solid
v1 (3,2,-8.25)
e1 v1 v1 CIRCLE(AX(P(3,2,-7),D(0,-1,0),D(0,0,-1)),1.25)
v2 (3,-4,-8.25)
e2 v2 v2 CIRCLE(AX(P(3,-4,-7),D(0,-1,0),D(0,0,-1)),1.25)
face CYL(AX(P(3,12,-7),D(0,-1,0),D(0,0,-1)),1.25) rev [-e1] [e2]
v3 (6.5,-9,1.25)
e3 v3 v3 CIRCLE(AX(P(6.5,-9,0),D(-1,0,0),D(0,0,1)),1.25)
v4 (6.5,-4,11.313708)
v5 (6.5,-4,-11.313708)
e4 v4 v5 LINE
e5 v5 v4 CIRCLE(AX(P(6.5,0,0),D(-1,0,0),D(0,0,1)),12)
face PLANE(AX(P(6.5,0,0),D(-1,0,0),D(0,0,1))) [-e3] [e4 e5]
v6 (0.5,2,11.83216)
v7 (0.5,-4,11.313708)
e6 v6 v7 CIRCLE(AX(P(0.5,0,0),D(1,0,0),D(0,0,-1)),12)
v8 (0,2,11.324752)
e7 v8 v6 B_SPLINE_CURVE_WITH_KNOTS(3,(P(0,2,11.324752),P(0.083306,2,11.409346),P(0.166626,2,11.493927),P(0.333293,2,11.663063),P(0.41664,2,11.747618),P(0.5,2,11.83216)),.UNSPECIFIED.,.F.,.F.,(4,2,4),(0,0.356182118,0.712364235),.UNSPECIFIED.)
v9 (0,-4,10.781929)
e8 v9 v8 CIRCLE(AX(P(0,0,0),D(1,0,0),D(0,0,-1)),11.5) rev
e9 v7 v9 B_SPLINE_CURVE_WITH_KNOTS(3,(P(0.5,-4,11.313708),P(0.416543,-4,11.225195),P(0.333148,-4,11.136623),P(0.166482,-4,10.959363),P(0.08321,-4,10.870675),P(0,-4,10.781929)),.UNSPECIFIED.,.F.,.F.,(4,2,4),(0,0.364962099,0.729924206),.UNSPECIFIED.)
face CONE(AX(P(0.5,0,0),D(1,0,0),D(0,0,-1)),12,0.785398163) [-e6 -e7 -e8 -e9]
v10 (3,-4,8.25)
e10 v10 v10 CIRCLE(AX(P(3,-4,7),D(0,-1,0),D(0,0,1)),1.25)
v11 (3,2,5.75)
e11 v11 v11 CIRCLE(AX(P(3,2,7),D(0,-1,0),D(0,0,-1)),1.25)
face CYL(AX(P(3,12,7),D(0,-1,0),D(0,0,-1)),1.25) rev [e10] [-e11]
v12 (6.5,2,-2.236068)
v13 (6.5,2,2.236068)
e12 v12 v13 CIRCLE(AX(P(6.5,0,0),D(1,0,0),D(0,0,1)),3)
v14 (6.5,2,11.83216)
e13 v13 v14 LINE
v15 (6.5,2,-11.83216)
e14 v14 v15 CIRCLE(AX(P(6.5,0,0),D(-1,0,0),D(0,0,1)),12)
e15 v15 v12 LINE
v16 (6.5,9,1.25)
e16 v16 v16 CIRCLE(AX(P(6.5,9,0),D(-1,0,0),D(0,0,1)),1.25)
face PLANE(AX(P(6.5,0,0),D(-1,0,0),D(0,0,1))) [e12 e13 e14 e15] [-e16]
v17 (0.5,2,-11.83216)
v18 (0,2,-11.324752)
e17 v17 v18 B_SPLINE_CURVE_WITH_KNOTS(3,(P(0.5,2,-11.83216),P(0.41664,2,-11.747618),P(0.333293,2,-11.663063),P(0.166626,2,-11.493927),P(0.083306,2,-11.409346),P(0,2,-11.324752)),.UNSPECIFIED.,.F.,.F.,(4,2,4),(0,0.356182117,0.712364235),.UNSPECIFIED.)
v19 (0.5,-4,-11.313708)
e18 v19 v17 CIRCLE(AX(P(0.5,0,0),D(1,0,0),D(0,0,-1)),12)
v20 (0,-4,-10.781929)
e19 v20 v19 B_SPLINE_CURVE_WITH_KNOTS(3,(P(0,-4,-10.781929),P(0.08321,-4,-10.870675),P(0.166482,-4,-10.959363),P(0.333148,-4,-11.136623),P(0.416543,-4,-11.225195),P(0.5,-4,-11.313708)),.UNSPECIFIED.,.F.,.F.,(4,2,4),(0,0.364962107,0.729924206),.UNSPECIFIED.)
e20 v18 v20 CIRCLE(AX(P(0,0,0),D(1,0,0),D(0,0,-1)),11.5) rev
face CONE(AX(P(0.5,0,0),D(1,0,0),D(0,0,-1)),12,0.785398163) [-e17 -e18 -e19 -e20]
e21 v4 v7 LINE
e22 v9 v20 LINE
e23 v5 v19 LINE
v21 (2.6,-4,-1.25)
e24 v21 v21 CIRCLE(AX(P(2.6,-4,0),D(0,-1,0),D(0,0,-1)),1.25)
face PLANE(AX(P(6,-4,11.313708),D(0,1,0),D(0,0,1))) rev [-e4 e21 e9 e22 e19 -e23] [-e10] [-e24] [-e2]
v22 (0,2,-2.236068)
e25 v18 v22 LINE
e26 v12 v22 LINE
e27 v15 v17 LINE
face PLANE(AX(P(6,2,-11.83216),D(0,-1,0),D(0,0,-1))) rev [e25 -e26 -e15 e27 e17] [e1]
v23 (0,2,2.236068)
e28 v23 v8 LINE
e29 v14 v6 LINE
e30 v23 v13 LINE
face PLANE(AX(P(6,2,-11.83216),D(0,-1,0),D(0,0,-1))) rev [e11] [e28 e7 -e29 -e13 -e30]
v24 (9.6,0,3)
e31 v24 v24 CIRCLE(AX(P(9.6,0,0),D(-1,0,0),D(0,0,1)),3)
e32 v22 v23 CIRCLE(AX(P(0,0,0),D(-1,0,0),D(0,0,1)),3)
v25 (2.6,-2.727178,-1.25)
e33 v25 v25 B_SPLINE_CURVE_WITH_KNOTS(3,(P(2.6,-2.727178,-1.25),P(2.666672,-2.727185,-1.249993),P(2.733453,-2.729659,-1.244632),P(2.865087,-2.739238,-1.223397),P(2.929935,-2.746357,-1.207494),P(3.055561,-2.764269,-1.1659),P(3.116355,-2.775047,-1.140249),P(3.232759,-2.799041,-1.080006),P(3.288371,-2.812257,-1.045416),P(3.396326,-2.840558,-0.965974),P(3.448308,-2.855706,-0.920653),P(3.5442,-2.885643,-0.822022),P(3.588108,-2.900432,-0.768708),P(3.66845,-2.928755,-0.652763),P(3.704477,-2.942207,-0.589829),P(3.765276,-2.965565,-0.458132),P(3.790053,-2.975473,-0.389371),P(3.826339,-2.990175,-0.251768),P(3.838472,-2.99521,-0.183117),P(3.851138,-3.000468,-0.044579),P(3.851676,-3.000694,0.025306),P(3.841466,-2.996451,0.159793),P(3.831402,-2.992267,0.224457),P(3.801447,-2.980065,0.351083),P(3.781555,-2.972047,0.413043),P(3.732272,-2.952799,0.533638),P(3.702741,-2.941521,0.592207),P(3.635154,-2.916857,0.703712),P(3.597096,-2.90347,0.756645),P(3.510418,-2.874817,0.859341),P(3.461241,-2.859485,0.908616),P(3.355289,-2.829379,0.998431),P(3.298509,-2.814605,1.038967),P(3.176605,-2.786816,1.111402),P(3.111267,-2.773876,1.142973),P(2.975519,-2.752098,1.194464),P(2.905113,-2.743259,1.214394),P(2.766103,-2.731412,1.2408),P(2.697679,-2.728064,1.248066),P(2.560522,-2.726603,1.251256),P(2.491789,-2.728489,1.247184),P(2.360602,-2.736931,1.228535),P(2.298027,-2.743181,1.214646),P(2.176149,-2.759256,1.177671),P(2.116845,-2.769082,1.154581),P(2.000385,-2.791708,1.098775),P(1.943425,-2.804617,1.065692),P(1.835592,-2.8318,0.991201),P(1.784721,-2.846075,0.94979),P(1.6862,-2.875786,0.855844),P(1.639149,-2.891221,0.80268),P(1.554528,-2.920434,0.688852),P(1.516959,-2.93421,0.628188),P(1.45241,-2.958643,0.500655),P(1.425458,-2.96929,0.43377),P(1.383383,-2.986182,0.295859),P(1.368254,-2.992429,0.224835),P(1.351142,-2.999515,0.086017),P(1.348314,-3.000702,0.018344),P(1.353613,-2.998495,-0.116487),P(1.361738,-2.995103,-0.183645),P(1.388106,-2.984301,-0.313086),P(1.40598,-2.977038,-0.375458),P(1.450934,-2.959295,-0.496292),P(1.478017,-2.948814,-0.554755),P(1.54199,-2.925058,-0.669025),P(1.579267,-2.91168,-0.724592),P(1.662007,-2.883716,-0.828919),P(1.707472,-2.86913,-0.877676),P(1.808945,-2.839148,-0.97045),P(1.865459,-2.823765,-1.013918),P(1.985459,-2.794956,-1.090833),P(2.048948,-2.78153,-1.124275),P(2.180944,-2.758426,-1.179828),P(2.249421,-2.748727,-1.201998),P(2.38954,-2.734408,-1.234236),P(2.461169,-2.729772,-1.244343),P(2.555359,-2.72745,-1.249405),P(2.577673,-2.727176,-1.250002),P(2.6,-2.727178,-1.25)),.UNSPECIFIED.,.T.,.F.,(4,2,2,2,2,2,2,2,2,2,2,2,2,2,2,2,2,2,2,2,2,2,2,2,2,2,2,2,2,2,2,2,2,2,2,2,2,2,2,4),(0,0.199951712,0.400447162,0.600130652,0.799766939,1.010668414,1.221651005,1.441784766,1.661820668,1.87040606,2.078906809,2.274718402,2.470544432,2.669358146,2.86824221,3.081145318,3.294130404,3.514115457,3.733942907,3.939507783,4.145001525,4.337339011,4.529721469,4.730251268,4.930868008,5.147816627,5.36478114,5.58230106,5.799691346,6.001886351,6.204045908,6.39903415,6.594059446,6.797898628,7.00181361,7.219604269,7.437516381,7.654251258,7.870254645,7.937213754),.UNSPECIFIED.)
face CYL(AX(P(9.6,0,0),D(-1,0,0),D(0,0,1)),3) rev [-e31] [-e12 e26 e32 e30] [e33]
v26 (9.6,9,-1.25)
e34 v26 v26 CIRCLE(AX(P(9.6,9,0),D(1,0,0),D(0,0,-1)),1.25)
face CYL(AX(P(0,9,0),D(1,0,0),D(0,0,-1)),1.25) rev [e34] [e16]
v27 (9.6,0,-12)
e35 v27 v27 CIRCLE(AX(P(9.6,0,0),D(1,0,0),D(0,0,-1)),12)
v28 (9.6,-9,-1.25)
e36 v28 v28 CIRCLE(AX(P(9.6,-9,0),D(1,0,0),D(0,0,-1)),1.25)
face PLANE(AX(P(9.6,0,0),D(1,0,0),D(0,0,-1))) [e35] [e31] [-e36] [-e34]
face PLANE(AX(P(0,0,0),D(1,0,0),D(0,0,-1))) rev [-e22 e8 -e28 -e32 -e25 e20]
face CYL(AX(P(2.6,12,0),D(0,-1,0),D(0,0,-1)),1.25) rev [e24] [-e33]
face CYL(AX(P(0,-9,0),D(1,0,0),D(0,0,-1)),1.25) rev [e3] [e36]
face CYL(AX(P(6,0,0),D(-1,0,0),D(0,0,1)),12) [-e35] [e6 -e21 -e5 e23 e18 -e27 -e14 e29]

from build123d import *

# Parameters (mm, degrees)
SKETCH_1_R          = 12
EXTRUDE_1_DEPTH     = 6
SKETCH_2_R          = 12
EXTRUDE_2_DEPTH     = 3.6
SKETCH_3_R          = 3
CUT_EXTRUDE_1_DEPTH = 20.497692171
CUT_EXTRUDE_2_DEPTH = 6
CHAMFER_1_SIZE      = 0.5
SKETCH_5_R          = 1.25
CUT_EXTRUDE_3_DEPTH = 23.184679398
CUT_EXTRUDE_7_DEPTH = 0.5
SKETCH_13_R         = 1.25
CUT_EXTRUDE_8_DEPTH = 23.184679398
SKETCH_8_R          = 1.25
CUT_EXTRUDE_9_DEPTH = 20.49769222


with BuildPart() as part:
    # 草图1 → 凸台-拉伸1 (new body)
    with BuildSketch(Plane(origin=(0, 0, 0), x_dir=(0, 0, -1), z_dir=(1, 0, 0))):
        Circle(SKETCH_1_R)
    extrude(amount=EXTRUDE_1_DEPTH)

    # 草图2 → 凸台-拉伸2 (add)
    with BuildSketch(Plane(origin=(6, 0, 0), x_dir=(0, 0, -1), z_dir=(1, 0, 0))):
        Circle(SKETCH_2_R)
    extrude(amount=EXTRUDE_2_DEPTH)

    # 草图3 → 切除-拉伸1 (cut, through all)
    with BuildSketch(Plane.ZY):
        Circle(SKETCH_3_R)
    extrude(amount=-CUT_EXTRUDE_1_DEPTH, mode=Mode.SUBTRACT)

    # 草图4 → 切除-拉伸2 (cut)
    with BuildSketch(Plane.ZY):
        with BuildLine():
            Line((-11.832159566, 2), (11.832159566, 2))
            ThreePointArc((11.832159566, 2), (0, 12), (-11.832159566, 2))
        make_face()
        with BuildLine():
            Line((11.313708499, -4), (-11.313708499, -4))
            ThreePointArc((-11.313708499, -4), (0, -12), (11.313708499, -4))
        make_face()
    extrude(amount=-CUT_EXTRUDE_2_DEPTH, mode=Mode.SUBTRACT)

    # 倒角1
    chamfer_1_edges = [part.edges().sort_by_distance(p)[0] for p in [
        (0, -1.033052698, 11.955450729),
        (0, -2.029223745, -11.827182716),
    ]]
    chamfer(chamfer_1_edges, length=CHAMFER_1_SIZE)

    # 草图5 → 切除-拉伸3 (cut, through all)
    with BuildSketch(Plane.XZ.offset(4)):
        with Locations(Location((3, -7, 0), (0, 0, 270))):
            Circle(SKETCH_5_R)
        with Locations(Location((3, 7, 0), (0, 0, 270))):
            Circle(SKETCH_5_R)
    extrude(amount=-CUT_EXTRUDE_3_DEPTH, mode=Mode.SUBTRACT)

    # 草图12 → 切除-拉伸7 (cut)
    with BuildSketch(Plane.ZY.offset(-6)):
        with BuildLine():
            Line((11.313708499, -4), (-11.313708499, -4))
            ThreePointArc((-11.313708499, -4), (0, -12), (11.313708499, -4))
        make_face()
        with BuildLine():
            Line((2.236067977, 2), (11.832159566, 2))
            ThreePointArc((11.832159566, 2), (0, 12), (-11.832159566, 2))
            Line((-11.832159566, 2), (-2.236067977, 2))
            ThreePointArc((-2.236067977, 2), (0, 3), (2.236067977, 2))
        make_face()
    extrude(amount=-CUT_EXTRUDE_7_DEPTH, mode=Mode.SUBTRACT)

    # 草图13 → 切除-拉伸8 (cut, through all)
    with BuildSketch(Plane(origin=(0, -4, 0), x_dir=(-1, 0, 0), z_dir=(0, -1, 0))):
        with Locations(Location((-2.6, 0, 0), (0, 0, 90))):
            Circle(SKETCH_13_R)
    extrude(amount=-CUT_EXTRUDE_8_DEPTH, mode=Mode.SUBTRACT)

    # 草图8 → 切除-拉伸9 (cut, through all)
    with BuildSketch(Plane(origin=(9.6, 0, 0), x_dir=(0, 0, -1), z_dir=(1, 0, 0))):
        with Locations((0, 9)):
            Circle(SKETCH_8_R)
        with Locations((0, -9)):
            Circle(SKETCH_8_R)
    extrude(amount=-CUT_EXTRUDE_9_DEPTH, mode=Mode.SUBTRACT)


solid = part.part
